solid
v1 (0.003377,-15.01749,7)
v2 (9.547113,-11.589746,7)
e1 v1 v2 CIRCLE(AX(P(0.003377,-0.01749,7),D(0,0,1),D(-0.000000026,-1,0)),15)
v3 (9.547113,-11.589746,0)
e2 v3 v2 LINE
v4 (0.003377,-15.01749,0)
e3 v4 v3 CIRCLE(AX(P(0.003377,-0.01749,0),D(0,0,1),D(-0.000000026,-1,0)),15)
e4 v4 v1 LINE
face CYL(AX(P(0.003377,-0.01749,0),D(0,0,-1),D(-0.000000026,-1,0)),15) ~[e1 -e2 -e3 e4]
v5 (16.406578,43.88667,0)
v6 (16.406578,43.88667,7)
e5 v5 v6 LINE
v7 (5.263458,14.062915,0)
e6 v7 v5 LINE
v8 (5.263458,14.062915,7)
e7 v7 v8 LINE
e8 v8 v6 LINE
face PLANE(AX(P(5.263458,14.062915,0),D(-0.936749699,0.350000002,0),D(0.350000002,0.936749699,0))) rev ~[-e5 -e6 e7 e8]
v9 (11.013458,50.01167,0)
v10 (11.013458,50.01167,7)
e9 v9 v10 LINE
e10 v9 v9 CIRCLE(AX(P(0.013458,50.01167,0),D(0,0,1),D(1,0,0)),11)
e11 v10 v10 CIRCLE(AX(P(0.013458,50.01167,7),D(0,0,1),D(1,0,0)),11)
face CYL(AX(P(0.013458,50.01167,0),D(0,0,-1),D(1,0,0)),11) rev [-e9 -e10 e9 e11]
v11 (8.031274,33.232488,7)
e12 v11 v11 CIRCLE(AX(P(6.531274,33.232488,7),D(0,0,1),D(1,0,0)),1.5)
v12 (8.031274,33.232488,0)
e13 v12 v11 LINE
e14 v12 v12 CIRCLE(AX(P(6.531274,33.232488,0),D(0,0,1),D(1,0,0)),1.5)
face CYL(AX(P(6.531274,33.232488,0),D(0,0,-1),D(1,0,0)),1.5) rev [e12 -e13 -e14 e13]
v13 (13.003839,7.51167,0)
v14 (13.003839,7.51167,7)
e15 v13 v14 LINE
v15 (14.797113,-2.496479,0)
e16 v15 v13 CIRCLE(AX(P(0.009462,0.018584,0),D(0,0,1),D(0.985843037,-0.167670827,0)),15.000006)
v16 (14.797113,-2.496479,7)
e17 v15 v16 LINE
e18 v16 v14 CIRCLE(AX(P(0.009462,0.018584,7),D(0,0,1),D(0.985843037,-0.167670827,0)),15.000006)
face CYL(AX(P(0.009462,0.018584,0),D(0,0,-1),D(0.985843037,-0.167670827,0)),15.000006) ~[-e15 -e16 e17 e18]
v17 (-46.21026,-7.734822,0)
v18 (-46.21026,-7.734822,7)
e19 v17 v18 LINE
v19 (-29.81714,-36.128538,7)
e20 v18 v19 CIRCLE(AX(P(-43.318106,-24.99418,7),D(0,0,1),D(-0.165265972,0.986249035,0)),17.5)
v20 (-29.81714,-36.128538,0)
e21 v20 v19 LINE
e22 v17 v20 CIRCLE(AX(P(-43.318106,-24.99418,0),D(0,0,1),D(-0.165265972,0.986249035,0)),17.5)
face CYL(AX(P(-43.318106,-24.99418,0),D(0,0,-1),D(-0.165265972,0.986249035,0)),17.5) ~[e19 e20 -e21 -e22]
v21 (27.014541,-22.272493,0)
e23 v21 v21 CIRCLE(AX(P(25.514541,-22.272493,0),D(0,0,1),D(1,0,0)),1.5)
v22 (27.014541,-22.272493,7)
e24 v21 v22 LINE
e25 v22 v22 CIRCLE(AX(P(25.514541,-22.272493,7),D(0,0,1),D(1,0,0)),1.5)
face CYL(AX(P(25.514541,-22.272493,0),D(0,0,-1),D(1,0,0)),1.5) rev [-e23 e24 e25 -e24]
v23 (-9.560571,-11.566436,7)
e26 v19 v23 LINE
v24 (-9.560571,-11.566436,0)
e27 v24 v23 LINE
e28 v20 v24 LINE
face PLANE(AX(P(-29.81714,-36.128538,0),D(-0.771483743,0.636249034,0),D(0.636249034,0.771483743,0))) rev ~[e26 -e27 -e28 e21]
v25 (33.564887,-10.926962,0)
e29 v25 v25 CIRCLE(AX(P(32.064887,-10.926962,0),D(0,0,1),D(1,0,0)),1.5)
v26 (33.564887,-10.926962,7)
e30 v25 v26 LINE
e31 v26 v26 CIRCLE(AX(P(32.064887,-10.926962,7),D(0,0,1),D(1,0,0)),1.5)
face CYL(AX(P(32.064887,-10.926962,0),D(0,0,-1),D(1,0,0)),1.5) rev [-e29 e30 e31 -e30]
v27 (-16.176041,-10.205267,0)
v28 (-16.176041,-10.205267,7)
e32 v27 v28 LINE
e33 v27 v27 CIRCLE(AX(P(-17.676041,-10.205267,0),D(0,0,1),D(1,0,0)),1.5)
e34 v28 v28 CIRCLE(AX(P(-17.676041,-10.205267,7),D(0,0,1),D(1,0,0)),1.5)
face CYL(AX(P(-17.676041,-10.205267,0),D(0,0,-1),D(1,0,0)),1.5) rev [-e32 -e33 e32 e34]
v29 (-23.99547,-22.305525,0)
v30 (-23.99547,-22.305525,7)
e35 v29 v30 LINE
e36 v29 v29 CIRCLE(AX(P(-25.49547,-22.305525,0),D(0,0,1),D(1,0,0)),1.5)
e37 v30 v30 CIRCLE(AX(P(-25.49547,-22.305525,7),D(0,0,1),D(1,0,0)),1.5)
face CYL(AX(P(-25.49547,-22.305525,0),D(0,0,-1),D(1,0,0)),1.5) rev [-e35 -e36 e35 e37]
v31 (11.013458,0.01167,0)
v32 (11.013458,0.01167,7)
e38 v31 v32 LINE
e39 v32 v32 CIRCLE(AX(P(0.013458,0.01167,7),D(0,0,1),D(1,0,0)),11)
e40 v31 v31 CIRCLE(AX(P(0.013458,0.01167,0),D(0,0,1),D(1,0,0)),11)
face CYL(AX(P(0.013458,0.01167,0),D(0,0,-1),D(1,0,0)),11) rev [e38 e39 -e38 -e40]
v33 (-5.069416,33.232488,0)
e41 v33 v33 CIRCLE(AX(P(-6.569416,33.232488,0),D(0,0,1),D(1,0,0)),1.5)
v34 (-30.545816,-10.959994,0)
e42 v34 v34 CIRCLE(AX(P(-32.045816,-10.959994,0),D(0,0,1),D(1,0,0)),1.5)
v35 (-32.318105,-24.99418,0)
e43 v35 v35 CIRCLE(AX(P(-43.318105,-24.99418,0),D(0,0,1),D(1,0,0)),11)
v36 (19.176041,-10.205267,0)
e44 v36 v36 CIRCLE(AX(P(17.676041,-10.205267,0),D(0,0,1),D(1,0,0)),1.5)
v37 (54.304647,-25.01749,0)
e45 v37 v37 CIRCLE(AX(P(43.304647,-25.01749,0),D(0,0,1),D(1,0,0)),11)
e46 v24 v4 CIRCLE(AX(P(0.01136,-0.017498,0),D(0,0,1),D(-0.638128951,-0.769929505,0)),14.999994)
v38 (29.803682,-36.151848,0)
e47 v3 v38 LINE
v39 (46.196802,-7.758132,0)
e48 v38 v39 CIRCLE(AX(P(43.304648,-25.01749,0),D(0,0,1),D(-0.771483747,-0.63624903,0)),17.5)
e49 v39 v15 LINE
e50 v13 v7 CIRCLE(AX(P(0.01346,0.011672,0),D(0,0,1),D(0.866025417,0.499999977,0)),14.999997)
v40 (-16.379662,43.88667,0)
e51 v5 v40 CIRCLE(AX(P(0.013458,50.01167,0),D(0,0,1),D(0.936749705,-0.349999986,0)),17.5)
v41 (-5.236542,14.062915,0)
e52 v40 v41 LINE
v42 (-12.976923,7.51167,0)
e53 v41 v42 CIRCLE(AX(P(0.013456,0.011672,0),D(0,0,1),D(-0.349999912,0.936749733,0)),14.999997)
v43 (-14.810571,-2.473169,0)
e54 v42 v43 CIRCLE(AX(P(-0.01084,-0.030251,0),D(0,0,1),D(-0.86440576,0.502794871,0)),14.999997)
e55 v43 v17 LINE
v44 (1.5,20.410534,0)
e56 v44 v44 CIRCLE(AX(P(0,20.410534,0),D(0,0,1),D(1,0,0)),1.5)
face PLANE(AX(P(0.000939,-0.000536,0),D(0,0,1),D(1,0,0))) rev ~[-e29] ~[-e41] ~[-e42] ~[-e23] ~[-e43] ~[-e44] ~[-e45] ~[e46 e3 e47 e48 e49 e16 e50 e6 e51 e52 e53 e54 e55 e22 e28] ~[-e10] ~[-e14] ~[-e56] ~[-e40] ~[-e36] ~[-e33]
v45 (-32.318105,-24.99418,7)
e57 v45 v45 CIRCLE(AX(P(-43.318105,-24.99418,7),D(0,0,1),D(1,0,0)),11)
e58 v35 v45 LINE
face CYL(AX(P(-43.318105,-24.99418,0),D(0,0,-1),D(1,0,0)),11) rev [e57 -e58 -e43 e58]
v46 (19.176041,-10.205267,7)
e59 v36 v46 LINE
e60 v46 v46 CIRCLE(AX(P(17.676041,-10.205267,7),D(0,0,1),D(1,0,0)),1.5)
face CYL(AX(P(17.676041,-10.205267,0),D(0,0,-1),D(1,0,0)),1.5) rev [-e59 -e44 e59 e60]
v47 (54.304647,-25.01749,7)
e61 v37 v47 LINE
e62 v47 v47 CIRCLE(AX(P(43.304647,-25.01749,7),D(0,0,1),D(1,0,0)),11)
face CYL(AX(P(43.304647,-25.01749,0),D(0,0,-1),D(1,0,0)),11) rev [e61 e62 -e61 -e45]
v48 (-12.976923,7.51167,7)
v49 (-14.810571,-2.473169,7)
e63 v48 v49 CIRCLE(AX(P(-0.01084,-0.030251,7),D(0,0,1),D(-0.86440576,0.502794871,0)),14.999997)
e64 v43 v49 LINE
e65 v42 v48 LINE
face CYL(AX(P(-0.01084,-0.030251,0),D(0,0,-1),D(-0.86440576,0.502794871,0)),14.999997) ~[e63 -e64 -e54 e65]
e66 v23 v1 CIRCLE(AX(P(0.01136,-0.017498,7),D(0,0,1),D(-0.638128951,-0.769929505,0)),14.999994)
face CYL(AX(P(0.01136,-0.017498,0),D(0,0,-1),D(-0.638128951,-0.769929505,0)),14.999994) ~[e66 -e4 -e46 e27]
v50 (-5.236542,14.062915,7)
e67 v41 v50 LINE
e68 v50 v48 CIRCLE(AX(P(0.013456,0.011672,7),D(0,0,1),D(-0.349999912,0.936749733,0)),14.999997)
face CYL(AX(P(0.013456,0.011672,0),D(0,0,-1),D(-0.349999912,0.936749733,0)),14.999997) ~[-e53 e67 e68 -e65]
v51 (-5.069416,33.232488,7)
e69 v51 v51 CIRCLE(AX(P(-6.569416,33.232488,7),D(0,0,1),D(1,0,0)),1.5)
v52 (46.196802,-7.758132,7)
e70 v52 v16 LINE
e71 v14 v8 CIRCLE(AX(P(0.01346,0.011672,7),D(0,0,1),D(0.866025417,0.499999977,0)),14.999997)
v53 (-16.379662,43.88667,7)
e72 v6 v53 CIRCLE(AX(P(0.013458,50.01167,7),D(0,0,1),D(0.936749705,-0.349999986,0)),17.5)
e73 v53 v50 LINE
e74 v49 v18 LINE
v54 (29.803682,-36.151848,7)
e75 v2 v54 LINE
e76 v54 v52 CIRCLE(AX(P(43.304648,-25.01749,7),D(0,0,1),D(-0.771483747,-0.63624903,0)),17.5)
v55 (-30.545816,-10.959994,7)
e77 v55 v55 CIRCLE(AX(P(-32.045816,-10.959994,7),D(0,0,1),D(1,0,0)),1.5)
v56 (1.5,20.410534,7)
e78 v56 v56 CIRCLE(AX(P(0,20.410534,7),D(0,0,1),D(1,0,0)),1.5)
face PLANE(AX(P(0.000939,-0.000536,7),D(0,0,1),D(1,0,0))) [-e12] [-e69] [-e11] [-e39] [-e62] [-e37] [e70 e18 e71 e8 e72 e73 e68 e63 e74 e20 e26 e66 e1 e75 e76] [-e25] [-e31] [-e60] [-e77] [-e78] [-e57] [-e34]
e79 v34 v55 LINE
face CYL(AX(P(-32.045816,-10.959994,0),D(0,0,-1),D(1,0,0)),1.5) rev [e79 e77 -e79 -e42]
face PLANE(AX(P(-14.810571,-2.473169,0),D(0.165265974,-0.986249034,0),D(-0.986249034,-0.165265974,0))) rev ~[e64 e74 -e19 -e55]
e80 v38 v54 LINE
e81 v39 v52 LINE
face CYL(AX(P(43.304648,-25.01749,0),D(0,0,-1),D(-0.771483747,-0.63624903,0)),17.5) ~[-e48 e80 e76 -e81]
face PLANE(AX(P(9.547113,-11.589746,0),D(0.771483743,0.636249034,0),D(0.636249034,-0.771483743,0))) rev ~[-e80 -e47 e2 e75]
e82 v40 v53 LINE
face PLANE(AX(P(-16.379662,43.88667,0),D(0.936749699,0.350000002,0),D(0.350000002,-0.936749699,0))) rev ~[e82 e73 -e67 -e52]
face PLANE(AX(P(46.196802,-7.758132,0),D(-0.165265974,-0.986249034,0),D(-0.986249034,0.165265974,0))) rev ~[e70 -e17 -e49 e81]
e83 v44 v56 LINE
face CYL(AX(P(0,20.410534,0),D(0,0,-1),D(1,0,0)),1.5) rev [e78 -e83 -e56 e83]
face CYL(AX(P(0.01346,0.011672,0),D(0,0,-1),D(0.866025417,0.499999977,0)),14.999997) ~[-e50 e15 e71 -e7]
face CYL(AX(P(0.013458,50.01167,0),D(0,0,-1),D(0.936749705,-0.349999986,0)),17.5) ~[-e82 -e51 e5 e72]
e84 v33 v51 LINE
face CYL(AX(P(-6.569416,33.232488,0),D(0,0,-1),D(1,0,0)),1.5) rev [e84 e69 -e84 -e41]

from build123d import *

# Parameters (mm, degrees)
F0_R     = 11
F0_R_2   = 1.5
F1_DEPTH = 7


with BuildPart() as f1:
    # F0 (on Top) → F1 (new body)
    with BuildSketch(Plane.XY):
        with BuildLine():
            Line((-16.379662, 43.88667), (-5.236542, 14.062915))
            ThreePointArc((-5.236542, 14.062915), (-9.677134, 11.46123), (-12.976923, 7.51167))
            ThreePointArc((-12.976923, 7.51167), (-14.764123, 2.679089), (-14.810571, -2.473169))
            Line((-14.810571, -2.473169), (-46.21026, -7.734822))
            ThreePointArc((-46.21026, -7.734822), (-58.47355, -33.74418), (-29.81714, -36.128538))
            Line((-29.81714, -36.128538), (-9.560571, -11.566436))
            ThreePointArc((-9.560571, -11.566436), (-5.07992, -14.127023), (0.003377, -15.01749))
            ThreePointArc((0.003377, -15.01749), (5.073691, -14.134569), (9.547113, -11.589746))
            Line((9.547113, -11.589746), (29.803682, -36.151848))
            ThreePointArc((29.803682, -36.151848), (58.460092, -33.76749), (46.196802, -7.758132))
            Line((46.196802, -7.758132), (14.797113, -2.496479))
            ThreePointArc((14.797113, -2.496479), (14.77432, 2.664172), (13.003839, 7.51167))
            ThreePointArc((13.003839, 7.51167), (9.70405, 11.46123), (5.263458, 14.062915))
            Line((5.263458, 14.062915), (16.406578, 43.88667))
            ThreePointArc((16.406578, 43.88667), (0.013458, 67.51167), (-16.379662, 43.88667))
        make_face()
        with Locations((-43.318105, -24.99418)):
            Circle(F0_R, mode=Mode.SUBTRACT)
        with Locations((-25.49547, -22.305525)):
            Circle(F0_R_2, mode=Mode.SUBTRACT)
        with Locations((-32.045816, -10.959994)):
            Circle(F0_R_2, mode=Mode.SUBTRACT)
        with Locations((-17.676041, -10.205267)):
            Circle(F0_R_2, mode=Mode.SUBTRACT)
        with Locations((25.514541, -22.272493)):
            Circle(F0_R_2, mode=Mode.SUBTRACT)
        with Locations((43.304647, -25.01749)):
            Circle(F0_R, mode=Mode.SUBTRACT)
        with Locations((17.676041, -10.205267)):
            Circle(F0_R_2, mode=Mode.SUBTRACT)
        with Locations((0.013458, 0.01167)):
            Circle(F0_R, mode=Mode.SUBTRACT)
        with Locations((32.064887, -10.926962)):
            Circle(F0_R_2, mode=Mode.SUBTRACT)
        with Locations((-6.569416, 33.232488)):
            Circle(F0_R_2, mode=Mode.SUBTRACT)
        with Locations((0, 20.410534)):
            Circle(F0_R_2, mode=Mode.SUBTRACT)
        with Locations((6.531274, 33.232488)):
            Circle(F0_R_2, mode=Mode.SUBTRACT)
        with Locations((0.013458, 50.01167)):
            Circle(F0_R, mode=Mode.SUBTRACT)
    extrude(amount=F1_DEPTH)


solid = f1.part
